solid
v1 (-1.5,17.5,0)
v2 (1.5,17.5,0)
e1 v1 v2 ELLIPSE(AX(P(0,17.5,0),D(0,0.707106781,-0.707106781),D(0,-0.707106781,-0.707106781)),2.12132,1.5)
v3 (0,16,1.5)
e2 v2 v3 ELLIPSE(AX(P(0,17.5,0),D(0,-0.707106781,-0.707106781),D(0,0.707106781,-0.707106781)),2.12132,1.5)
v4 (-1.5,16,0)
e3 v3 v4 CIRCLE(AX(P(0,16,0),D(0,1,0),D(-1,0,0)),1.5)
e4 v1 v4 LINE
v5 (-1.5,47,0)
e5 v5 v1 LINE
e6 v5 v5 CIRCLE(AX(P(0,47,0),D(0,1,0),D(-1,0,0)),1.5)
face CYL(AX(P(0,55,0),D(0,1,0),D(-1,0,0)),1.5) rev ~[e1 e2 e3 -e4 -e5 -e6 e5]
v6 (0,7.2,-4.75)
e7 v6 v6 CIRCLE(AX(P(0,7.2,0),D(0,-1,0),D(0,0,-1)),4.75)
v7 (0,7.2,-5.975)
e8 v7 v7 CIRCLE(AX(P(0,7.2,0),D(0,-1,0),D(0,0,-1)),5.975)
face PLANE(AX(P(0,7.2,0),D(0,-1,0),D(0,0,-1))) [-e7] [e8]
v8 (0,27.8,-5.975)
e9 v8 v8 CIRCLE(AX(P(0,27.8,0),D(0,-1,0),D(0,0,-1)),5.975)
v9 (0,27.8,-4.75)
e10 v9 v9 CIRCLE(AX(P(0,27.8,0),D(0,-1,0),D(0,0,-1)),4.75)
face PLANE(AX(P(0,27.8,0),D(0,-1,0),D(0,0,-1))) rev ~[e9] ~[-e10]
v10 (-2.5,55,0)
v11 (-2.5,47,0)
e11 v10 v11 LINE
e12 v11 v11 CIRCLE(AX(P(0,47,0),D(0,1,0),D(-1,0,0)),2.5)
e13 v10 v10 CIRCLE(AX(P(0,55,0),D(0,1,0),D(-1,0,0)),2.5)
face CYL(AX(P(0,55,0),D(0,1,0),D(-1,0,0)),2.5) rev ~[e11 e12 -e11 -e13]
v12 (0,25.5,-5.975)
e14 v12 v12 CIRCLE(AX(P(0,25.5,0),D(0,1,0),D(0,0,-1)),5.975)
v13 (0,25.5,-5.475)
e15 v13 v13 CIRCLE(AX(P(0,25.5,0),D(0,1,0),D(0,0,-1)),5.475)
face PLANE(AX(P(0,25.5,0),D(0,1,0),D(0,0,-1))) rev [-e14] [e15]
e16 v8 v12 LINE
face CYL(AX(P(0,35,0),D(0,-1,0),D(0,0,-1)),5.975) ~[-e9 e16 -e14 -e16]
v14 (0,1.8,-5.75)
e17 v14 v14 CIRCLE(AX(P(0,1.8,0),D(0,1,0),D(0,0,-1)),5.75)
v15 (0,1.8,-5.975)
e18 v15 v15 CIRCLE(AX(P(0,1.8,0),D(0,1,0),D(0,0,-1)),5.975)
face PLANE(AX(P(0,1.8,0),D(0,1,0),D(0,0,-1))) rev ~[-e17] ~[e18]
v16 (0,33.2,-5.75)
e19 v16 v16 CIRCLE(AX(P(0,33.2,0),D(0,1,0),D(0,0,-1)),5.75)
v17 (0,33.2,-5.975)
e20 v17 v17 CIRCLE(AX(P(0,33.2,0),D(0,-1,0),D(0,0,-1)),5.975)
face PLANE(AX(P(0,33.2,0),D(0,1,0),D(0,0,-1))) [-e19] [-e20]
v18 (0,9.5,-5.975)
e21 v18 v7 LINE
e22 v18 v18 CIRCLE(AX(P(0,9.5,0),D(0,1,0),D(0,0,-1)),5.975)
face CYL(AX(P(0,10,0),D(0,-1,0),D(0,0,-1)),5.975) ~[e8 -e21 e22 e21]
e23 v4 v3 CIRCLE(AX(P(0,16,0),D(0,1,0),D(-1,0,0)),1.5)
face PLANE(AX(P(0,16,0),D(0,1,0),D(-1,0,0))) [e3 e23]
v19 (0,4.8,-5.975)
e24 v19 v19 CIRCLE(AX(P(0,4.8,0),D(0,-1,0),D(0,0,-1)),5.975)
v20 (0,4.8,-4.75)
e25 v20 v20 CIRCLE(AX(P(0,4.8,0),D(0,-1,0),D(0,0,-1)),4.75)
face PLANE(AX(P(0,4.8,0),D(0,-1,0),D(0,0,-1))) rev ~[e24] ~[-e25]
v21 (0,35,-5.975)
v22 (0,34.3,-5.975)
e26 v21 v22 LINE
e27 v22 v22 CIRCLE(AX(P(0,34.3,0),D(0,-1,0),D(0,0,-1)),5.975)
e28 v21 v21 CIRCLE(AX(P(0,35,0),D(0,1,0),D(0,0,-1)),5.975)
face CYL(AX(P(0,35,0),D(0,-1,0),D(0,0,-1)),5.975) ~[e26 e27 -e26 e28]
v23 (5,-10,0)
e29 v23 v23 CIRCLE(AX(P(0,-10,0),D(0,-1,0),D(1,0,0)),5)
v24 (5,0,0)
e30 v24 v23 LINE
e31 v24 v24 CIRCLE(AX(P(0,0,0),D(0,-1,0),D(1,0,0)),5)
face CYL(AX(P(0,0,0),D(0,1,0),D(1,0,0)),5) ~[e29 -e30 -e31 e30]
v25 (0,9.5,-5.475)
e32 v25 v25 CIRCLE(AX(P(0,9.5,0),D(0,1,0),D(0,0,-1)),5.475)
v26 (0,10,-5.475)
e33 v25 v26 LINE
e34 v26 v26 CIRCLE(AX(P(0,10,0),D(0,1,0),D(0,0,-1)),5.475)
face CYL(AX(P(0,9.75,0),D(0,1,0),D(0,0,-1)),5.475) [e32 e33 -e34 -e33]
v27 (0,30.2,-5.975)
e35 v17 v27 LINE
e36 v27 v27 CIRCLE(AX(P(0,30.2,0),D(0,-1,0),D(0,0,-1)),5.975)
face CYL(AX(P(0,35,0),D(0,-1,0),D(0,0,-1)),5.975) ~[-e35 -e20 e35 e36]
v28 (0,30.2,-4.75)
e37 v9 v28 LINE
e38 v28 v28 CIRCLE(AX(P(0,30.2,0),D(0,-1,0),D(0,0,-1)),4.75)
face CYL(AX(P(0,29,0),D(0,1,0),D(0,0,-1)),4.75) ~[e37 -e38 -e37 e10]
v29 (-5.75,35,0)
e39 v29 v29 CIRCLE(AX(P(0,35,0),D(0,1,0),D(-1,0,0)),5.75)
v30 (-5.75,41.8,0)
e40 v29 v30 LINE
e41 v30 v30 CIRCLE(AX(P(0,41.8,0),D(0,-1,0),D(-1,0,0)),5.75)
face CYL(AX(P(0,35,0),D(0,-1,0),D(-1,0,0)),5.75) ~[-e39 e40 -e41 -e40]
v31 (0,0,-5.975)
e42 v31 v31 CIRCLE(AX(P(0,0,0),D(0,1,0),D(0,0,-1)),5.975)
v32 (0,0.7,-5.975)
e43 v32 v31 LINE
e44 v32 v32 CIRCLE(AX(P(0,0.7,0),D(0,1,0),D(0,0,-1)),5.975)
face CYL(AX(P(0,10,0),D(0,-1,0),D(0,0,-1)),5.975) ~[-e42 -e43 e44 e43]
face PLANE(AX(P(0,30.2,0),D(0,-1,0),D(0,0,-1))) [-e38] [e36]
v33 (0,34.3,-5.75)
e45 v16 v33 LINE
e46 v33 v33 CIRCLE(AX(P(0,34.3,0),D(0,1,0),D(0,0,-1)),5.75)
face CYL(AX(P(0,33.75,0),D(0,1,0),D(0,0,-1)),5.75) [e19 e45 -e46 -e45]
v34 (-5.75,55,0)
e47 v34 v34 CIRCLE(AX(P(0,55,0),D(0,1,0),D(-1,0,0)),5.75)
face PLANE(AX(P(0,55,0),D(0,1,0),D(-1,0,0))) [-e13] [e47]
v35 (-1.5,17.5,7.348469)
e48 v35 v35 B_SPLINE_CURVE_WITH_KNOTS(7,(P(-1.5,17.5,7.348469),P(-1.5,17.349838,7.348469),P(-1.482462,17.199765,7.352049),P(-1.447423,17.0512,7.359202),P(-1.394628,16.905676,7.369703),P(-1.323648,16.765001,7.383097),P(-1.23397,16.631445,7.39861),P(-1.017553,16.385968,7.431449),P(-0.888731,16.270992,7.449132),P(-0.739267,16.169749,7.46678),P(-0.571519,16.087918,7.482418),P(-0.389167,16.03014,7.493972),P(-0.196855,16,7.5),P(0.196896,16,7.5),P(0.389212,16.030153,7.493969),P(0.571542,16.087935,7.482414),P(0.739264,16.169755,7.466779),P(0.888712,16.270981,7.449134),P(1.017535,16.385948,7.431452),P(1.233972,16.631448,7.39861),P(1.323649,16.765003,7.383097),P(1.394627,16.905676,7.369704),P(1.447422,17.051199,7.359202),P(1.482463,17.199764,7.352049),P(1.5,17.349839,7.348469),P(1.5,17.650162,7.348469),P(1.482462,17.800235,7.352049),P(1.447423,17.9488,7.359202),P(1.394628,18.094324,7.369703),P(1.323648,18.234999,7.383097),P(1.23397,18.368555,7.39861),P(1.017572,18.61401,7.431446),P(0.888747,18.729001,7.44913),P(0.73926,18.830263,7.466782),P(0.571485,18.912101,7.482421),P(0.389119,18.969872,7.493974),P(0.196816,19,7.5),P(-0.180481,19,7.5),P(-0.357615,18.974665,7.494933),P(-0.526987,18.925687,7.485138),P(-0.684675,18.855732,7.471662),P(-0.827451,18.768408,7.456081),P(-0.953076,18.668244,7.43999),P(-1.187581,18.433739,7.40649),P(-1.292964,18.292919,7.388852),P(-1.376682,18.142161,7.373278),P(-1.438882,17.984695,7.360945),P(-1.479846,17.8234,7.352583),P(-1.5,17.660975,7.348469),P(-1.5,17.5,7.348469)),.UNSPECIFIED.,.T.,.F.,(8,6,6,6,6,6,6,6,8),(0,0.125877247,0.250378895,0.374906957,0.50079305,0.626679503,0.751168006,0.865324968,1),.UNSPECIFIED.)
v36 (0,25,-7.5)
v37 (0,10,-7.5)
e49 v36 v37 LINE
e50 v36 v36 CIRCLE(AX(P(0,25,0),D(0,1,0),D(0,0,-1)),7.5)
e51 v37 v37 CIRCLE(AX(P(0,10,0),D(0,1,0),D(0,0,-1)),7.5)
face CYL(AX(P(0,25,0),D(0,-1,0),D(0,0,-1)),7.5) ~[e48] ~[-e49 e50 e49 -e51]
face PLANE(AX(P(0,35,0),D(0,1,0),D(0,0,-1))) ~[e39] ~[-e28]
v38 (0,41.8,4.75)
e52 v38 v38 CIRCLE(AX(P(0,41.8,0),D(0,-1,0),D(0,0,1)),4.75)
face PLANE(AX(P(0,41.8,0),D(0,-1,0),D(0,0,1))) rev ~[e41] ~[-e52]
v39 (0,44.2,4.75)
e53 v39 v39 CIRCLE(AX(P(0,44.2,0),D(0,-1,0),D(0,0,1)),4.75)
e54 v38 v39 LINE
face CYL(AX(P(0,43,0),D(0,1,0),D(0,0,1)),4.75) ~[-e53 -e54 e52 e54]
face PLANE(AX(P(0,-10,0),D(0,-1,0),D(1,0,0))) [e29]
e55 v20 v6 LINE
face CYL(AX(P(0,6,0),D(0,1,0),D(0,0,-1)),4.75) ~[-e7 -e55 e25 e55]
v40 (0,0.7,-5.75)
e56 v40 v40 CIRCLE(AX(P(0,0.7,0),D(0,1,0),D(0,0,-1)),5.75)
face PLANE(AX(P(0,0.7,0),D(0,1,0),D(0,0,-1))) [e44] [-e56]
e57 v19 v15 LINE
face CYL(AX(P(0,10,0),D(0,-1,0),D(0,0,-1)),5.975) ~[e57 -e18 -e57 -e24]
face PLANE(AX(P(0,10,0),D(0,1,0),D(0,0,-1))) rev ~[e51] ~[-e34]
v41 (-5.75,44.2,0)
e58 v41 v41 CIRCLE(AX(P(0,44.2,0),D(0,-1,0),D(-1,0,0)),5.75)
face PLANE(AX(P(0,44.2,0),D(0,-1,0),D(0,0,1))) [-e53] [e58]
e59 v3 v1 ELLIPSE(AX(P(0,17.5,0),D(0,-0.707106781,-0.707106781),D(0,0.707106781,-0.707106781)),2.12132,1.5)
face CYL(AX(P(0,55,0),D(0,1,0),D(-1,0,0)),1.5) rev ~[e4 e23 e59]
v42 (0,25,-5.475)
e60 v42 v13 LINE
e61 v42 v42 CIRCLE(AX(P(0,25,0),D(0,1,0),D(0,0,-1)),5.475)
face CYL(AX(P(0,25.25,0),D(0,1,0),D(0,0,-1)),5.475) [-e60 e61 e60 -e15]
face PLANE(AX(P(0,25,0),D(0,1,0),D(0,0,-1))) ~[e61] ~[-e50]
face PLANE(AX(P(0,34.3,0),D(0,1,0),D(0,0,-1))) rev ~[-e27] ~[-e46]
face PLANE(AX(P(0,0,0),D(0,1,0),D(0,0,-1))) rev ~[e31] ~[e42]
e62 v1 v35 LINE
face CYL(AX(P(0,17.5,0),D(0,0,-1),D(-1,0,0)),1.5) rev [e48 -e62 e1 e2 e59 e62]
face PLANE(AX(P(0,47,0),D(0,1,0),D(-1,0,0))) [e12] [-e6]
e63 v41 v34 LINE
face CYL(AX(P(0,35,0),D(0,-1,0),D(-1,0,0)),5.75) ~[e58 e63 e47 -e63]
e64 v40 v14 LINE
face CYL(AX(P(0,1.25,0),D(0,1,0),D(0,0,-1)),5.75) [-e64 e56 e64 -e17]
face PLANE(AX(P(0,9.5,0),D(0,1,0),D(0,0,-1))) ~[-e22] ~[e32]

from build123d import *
from build123d.topology import SkipClean

# Parameters (mm, degrees)
SKETCH3_W           = 1.225
SKETCH3_H           = 2.4
SKETCH4_R           = 1.5
CUT_EXTRUDE2_DEPTH  = 10
SKETCH5_R           = 5
BOSS_EXTRUDE1_DEPTH = 10
SKETCH6_W           = 0.5
SKETCH6_H           = 0.5
SKETCH7_R           = 5.75
BOSS_EXTRUDE2_DEPTH = 20
SKETCH9_R           = 1.5
CUT_EXTRUDE4_DEPTH  = 39
SKETCH10_W          = 1.225
SKETCH10_H          = 2.4
SKETCH12_W          = 0.25
SKETCH12_H          = 1.1
SKETCH12_W_2        = 0.225
SKETCH14_R          = 2.5
CUT_EXTRUDE8_DEPTH  = 8


with BuildPart() as part:
    # Sketch1 → Revolve1 (revolve)
    with BuildSketch(Plane.XY):
        Polygon((0, 35), (-5.975, 35), (-5.975, 25), (-7.5, 25), (-7.5, 10), (-5.975, 10), (-5.975, 0), (0, 0), align=None)
    revolve(axis=Axis((0, 0, 0), (0, 1, 0)))

    # Sketch3 → Cut-Revolve1 (revolve, cut)
    with BuildSketch(Plane(origin=(0, 0, 0), x_dir=(0, 0, -1), z_dir=(1, 0, 0))):
        with Locations((-5.3625, 29)):
            Rectangle(SKETCH3_W, SKETCH3_H)
        with Locations((-5.3625, 6)):
            Rectangle(SKETCH3_W, SKETCH3_H)
    revolve(axis=Axis((0, 35, 0), (0, -1, 0)), mode=Mode.SUBTRACT)

    # Sketch4 → Cut-Extrude2 (cut)
    with BuildSketch(Plane.XY):
        with Locations((0, 17.5)):
            Circle(SKETCH4_R)
    extrude(amount=CUT_EXTRUDE2_DEPTH, mode=Mode.SUBTRACT)

    # Sketch5 → Boss-Extrude1 (add)
    with BuildSketch(Plane.XZ):
        Circle(SKETCH5_R)
    extrude(amount=BOSS_EXTRUDE1_DEPTH)

    # Sketch6 → Cut-Revolve2 (revolve, cut)
    with BuildSketch(Plane(origin=(0, 0, 0), x_dir=(0, 0, -1), z_dir=(1, 0, 0))):
        with Locations((5.725, 9.75)):
            Rectangle(SKETCH6_W, SKETCH6_H)
        with Locations((5.725, 25.25)):
            Rectangle(SKETCH6_W, SKETCH6_H)
    revolve(axis=Axis((0, 0, 0), (0, 1, 0)), mode=Mode.SUBTRACT)

    # Sketch7 → Boss-Extrude2 (add)
    with BuildSketch(Plane(origin=(0, 35, 0), x_dir=(1, 0, 0), z_dir=(0, 1, 0))):
        Circle(SKETCH7_R)
    extrude(amount=BOSS_EXTRUDE2_DEPTH)

    # Sketch9 → Cut-Extrude4 (cut)
    with SkipClean():  # the faces are left unmerged after this step: merging them gives an invalid solid
        with BuildSketch(Plane(origin=(0, 55, 0), x_dir=(1, 0, 0), z_dir=(0, 1, 0))):
            Circle(SKETCH9_R)
        extrude(amount=-CUT_EXTRUDE4_DEPTH, mode=Mode.SUBTRACT)

    # Sketch10 → Cut-Revolve3 (revolve, cut)
    with SkipClean():  # the faces are left unmerged after this step: merging them gives an invalid solid
        with BuildSketch(Plane(origin=(0, 0, 0), x_dir=(0, 0, -1), z_dir=(1, 0, 0))):
            with Locations((-5.3625, 43)):
                Rectangle(SKETCH10_W, SKETCH10_H)
        revolve(axis=Axis((0, 55, 0), (0, -1, 0)), mode=Mode.SUBTRACT)

    # Sketch12 → Cut-Revolve4 (revolve, cut)
    with SkipClean():  # the faces are left unmerged after this step: merging them gives an invalid solid
        with BuildSketch(Plane.XY):
            with Locations((-5.875, 33.75)):
                Rectangle(SKETCH12_W, SKETCH12_H)
            with Locations((-5.8625, 1.25)):
                Rectangle(SKETCH12_W_2, SKETCH12_H)
        revolve(axis=Axis((0, 0, 0), (0, 1, 0)), mode=Mode.SUBTRACT)

    # Sketch14 → Cut-Extrude8 (cut)
    with SkipClean():  # the faces are left unmerged after this step: merging them gives an invalid solid
        with BuildSketch(Plane(origin=(0, 55, 0), x_dir=(1, 0, 0), z_dir=(0, 1, 0))):
            Circle(SKETCH14_R)
        extrude(amount=-CUT_EXTRUDE8_DEPTH, mode=Mode.SUBTRACT)


solid = part.part
